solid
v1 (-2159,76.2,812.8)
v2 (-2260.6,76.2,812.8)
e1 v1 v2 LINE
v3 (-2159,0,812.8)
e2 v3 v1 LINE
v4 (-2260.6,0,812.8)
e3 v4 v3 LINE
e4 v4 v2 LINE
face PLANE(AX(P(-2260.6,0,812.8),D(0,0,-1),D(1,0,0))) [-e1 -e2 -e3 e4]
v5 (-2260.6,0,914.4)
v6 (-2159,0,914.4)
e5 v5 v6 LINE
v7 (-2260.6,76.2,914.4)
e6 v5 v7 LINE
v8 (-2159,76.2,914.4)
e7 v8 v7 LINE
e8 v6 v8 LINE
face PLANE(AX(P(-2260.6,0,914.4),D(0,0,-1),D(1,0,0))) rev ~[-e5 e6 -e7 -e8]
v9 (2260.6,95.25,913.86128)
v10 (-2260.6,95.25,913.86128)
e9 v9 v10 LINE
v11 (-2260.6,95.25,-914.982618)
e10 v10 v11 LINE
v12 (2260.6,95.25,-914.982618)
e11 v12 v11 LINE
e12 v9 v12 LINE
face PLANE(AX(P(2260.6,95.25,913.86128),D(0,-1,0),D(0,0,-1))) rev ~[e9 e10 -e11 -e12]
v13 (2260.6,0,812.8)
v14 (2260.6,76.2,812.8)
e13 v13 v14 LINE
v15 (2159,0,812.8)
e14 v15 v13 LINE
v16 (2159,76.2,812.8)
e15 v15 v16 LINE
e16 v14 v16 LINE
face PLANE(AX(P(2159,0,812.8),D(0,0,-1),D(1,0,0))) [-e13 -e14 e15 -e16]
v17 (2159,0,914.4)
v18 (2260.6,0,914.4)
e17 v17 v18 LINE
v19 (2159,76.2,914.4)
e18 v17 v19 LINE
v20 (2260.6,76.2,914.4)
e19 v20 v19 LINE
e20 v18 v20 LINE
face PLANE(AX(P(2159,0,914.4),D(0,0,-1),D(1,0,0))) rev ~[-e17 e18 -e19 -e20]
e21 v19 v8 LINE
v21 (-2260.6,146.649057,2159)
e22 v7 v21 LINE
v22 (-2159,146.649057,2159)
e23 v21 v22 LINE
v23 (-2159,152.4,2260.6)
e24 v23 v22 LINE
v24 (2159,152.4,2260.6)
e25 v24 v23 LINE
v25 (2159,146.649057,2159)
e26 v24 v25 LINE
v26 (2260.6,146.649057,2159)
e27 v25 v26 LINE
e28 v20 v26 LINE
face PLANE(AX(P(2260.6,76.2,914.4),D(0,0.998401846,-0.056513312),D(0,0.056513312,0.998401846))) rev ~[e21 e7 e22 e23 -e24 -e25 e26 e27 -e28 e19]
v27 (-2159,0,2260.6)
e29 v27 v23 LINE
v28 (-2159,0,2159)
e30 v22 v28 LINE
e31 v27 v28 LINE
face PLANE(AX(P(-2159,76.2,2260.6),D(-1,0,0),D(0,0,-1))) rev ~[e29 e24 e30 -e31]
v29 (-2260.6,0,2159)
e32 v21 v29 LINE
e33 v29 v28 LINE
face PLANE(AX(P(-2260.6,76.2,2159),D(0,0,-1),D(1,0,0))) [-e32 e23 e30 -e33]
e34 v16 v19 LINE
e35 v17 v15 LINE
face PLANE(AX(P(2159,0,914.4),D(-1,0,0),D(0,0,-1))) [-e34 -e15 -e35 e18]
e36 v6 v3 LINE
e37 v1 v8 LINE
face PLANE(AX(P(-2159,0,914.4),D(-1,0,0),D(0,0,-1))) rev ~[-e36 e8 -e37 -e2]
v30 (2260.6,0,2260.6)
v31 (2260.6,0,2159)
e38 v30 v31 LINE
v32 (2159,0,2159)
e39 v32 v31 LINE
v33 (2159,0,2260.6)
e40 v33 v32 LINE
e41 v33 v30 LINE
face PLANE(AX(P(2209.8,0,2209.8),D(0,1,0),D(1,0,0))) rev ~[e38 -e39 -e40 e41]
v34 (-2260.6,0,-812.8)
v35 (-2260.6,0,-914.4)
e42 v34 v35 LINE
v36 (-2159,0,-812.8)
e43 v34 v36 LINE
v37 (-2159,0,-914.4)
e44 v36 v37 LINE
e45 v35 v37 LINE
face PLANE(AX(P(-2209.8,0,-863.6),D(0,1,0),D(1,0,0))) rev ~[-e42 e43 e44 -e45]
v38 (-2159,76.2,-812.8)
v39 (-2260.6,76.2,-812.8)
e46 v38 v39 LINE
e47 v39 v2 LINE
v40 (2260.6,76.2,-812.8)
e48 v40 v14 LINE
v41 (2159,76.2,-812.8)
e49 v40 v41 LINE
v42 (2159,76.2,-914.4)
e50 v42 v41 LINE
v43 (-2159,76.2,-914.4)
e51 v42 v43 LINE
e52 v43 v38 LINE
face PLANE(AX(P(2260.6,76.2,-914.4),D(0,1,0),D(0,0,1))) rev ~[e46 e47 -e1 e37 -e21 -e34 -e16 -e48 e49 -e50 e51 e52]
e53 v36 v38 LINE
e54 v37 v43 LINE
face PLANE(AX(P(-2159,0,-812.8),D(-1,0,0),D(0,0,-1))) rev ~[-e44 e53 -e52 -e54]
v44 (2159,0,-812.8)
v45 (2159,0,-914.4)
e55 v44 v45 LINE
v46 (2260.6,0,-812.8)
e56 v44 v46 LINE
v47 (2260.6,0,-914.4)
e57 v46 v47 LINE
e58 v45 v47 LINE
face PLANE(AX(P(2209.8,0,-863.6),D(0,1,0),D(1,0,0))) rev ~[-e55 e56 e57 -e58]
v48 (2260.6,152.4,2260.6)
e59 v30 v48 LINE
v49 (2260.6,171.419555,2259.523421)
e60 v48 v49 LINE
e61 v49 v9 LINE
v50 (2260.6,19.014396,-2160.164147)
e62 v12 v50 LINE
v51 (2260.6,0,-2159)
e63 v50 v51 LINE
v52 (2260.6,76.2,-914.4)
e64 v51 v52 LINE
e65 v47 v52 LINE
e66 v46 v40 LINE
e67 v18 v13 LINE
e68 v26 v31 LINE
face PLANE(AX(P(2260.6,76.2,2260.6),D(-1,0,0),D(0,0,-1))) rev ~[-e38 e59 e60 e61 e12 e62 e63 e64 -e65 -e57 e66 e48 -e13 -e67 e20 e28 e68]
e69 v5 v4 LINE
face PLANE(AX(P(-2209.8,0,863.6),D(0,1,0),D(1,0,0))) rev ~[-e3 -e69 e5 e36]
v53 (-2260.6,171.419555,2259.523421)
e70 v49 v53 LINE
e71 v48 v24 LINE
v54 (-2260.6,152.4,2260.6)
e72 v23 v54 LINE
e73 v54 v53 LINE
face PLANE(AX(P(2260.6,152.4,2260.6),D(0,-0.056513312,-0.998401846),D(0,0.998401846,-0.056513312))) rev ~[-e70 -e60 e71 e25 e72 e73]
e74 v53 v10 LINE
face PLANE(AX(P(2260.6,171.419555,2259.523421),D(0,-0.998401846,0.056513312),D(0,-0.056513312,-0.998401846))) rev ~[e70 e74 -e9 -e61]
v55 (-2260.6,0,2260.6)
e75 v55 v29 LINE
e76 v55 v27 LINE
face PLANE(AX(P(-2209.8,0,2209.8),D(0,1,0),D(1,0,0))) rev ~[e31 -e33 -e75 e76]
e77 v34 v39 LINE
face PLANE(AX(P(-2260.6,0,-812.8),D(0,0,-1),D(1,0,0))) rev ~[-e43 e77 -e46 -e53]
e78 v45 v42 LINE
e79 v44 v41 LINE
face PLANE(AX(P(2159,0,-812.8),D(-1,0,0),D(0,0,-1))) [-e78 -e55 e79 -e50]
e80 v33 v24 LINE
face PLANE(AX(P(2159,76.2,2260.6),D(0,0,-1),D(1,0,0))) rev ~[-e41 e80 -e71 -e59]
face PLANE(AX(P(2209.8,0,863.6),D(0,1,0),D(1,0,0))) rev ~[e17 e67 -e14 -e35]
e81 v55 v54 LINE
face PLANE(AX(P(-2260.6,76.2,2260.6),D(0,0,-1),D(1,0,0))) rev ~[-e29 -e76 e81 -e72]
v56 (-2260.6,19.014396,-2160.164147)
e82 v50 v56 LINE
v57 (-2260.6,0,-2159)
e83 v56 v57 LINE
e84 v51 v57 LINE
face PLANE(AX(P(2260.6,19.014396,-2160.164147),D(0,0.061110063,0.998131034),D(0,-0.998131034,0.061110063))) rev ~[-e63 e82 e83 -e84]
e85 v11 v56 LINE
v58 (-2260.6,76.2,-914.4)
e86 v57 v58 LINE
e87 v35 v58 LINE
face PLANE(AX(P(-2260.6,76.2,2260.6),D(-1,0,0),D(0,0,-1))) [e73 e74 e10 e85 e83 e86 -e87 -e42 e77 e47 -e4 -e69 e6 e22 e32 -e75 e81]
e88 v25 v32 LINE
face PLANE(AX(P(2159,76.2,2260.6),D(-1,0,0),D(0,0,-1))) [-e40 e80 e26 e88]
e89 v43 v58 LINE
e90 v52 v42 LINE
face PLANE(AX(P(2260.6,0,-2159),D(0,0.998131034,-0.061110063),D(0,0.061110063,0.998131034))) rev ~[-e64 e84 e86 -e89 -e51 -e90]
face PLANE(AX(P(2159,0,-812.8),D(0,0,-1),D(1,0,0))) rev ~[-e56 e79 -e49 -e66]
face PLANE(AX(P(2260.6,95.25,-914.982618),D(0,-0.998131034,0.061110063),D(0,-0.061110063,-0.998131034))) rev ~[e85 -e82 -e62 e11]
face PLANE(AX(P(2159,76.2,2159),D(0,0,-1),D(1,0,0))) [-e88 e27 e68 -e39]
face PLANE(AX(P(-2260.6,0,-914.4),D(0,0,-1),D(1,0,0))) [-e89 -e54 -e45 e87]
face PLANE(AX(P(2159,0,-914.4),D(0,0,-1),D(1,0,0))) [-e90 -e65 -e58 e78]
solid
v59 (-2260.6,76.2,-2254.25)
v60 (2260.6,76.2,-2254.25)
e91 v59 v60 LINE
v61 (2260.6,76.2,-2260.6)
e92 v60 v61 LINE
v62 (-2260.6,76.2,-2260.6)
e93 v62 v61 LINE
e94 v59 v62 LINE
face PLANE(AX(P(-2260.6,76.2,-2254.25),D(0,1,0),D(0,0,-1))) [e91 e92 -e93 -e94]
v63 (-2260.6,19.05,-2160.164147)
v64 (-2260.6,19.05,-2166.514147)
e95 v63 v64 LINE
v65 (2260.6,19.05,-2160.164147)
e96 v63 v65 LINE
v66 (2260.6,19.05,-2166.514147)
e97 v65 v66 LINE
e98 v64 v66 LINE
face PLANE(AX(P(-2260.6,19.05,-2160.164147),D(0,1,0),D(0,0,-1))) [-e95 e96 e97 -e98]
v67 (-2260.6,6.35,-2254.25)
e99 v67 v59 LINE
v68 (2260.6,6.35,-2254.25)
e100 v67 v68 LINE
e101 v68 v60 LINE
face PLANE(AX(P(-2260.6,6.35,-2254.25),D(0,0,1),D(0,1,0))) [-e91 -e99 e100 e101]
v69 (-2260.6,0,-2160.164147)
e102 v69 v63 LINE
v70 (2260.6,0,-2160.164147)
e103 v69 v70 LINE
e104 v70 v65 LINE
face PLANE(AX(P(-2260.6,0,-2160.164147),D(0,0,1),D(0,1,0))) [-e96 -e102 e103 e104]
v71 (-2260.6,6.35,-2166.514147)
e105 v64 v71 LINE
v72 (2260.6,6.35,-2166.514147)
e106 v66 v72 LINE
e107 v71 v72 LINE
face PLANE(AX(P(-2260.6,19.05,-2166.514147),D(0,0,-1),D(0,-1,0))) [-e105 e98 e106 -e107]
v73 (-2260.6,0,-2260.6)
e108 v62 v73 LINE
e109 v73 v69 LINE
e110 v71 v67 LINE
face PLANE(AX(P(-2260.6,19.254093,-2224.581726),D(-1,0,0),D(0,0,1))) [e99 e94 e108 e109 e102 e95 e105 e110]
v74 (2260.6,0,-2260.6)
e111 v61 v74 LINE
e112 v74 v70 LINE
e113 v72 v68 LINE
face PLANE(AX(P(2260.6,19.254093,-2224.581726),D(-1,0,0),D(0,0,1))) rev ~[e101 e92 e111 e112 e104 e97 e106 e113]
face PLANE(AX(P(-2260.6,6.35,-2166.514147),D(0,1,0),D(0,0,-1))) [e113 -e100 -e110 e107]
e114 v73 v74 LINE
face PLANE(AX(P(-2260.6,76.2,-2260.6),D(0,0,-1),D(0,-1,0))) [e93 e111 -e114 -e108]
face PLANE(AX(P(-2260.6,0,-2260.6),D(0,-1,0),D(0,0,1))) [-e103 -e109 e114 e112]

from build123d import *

# Parameters (mm, degrees)
EXTRUDE_THIN1_DEPTH = 4521.2
BOSS_EXTRUDE1_REACH = 3203.564
SKETCH3_W           = 101.6
SKETCH3_H           = 101.6
BOSS_EXTRUDE2_REACH = 3200.389
SKETCH4_W           = 101.6
SKETCH4_H           = 101.6
BOSS_EXTRUDE3_DEPTH = 4521.2


with BuildPart() as part:
    # Sketch2 → Extrude-Thin1 (new body)
    with BuildSketch(Plane.ZY.offset(-2260.6)):
        Polygon((-2159, 0), (-914.4, 76.2), (914.4, 76.2), (2260.6, 152.4), (2259.523421406, 171.419555161), (913.861280224, 95.25), (-914.982617799, 95.25), (-2160.164146705, 19.014396189), align=None)
    extrude(amount=EXTRUDE_THIN1_DEPTH)

    # Boss-Extrude1: up to this face of the body (flat: up to its plane)
    boss_extrude1_end = Plane(part.part.faces().sort_by_distance((0, 76.2, 0))[0])
    # Sketch3 → Boss-Extrude1 (add, up to the picked face)
    with BuildSketch(Plane(origin=(0, 0, 0), x_dir=(1, 0, 0), z_dir=(0, 1, 0)), mode=Mode.PRIVATE) as boss_extrude1_sk1:
        with Locations((2209.8, -2209.8)):
            Rectangle(SKETCH3_W, SKETCH3_H)
    boss_extrude1_tool1 = split(extrude(boss_extrude1_sk1.sketch, amount=BOSS_EXTRUDE1_REACH, mode=Mode.PRIVATE), bisect_by=boss_extrude1_end, keep=Keep.BOTH, mode=Mode.PRIVATE)
    # Sketch3 → Boss-Extrude1 (add, up to the picked face)
    with BuildSketch(Plane(origin=(0, 0, 0), x_dir=(1, 0, 0), z_dir=(0, 1, 0)), mode=Mode.PRIVATE) as boss_extrude1_sk2:
        with Locations((-2209.8, -2209.8)):
            Rectangle(SKETCH3_W, SKETCH3_H)
    boss_extrude1_tool2 = split(extrude(boss_extrude1_sk2.sketch, amount=BOSS_EXTRUDE1_REACH, mode=Mode.PRIVATE), bisect_by=boss_extrude1_end, keep=Keep.BOTH, mode=Mode.PRIVATE)
    # Sketch3 → Boss-Extrude1 (add, up to the picked face)
    with BuildSketch(Plane(origin=(0, 0, 0), x_dir=(1, 0, 0), z_dir=(0, 1, 0)), mode=Mode.PRIVATE) as boss_extrude1_sk3:
        with Locations((-2209.8, -863.6)):
            Rectangle(SKETCH3_W, SKETCH3_H)
    boss_extrude1_tool3 = split(extrude(boss_extrude1_sk3.sketch, amount=BOSS_EXTRUDE1_REACH, mode=Mode.PRIVATE), bisect_by=boss_extrude1_end, keep=Keep.BOTH, mode=Mode.PRIVATE)
    # Sketch3 → Boss-Extrude1 (add, up to the picked face)
    with BuildSketch(Plane(origin=(0, 0, 0), x_dir=(1, 0, 0), z_dir=(0, 1, 0)), mode=Mode.PRIVATE) as boss_extrude1_sk4:
        with Locations((-2209.8, 863.6)):
            Rectangle(SKETCH3_W, SKETCH3_H)
    boss_extrude1_tool4 = split(extrude(boss_extrude1_sk4.sketch, amount=BOSS_EXTRUDE1_REACH, mode=Mode.PRIVATE), bisect_by=boss_extrude1_end, keep=Keep.BOTH, mode=Mode.PRIVATE)
    # Sketch3 → Boss-Extrude1 (add, up to the picked face)
    with BuildSketch(Plane(origin=(0, 0, 0), x_dir=(1, 0, 0), z_dir=(0, 1, 0)), mode=Mode.PRIVATE) as boss_extrude1_sk5:
        with Locations((2209.8, 863.6)):
            Rectangle(SKETCH3_W, SKETCH3_H)
    boss_extrude1_tool5 = split(extrude(boss_extrude1_sk5.sketch, amount=BOSS_EXTRUDE1_REACH, mode=Mode.PRIVATE), bisect_by=boss_extrude1_end, keep=Keep.BOTH, mode=Mode.PRIVATE)
    # Sketch3 → Boss-Extrude1 (add, up to the picked face)
    with BuildSketch(Plane(origin=(0, 0, 0), x_dir=(1, 0, 0), z_dir=(0, 1, 0)), mode=Mode.PRIVATE) as boss_extrude1_sk6:
        with Locations((2209.8, -863.6)):
            Rectangle(SKETCH3_W, SKETCH3_H)
    boss_extrude1_tool6 = split(extrude(boss_extrude1_sk6.sketch, amount=BOSS_EXTRUDE1_REACH, mode=Mode.PRIVATE), bisect_by=boss_extrude1_end, keep=Keep.BOTH, mode=Mode.PRIVATE)
    add(boss_extrude1_tool1.solids().sort_by(Axis((2209.8, 0, 2209.8), (0, 1, 0)))[0])
    add(boss_extrude1_tool2.solids().sort_by(Axis((-2209.8, 0, 2209.8), (0, 1, 0)))[0])
    add(boss_extrude1_tool3.solids().sort_by(Axis((-2209.8, 0, 863.6), (0, 1, 0)))[0])
    add(boss_extrude1_tool4.solids().sort_by(Axis((-2209.8, 0, -863.6), (0, 1, 0)))[0])
    add(boss_extrude1_tool5.solids().sort_by(Axis((2209.8, 0, -863.6), (0, 1, 0)))[0])
    add(boss_extrude1_tool6.solids().sort_by(Axis((2209.8, 0, 863.6), (0, 1, 0)))[0])


with BuildPart() as boss_extrude1_piece_1:
    # of the separate pieces the step leaves, piece 1, a body of its own (boss_extrude1_pieces)
    add(part.part.solids().sort_by_distance((2260.6, 0, -2159))[0])



with BuildPart() as boss_extrude1_piece_2:
    # of the separate pieces the step leaves, piece 2, a body of its own (boss_extrude1_pieces)
    add(part.part.solids().sort_by_distance((-2260.6, 0, 2260.6))[0])


with BuildPart() as boss_extrude1_piece_3:
    # of the separate pieces the step leaves, piece 3, a body of its own (boss_extrude1_pieces)
    add(part.part.solids().sort_by_distance((2260.6, 0, 2260.6))[0])


with BuildPart() as boss_extrude1_piece_1_1:
    add(boss_extrude1_piece_1.part)

    add(boss_extrude1_piece_2.part)  # Boss-Extrude2 merges Boss-Extrude1 piece 2

    add(boss_extrude1_piece_3.part)  # Boss-Extrude2 merges Boss-Extrude1 piece 3
    # Boss-Extrude2: up to this plane
    boss_extrude2_end = Plane(origin=(-2260.6, 76.2, 914.4), z_dir=(0, 0.9984018457335854, -0.05651331202265579))
    # Sketch4 → Boss-Extrude2 (add, up to the surface)
    with BuildSketch(Plane(origin=(0, 76.2, 0), x_dir=(1, 0, 0), z_dir=(0, 1, 0)), mode=Mode.PRIVATE) as boss_extrude2_sk1:
        with Locations((2209.8, -2209.8)):
            Rectangle(SKETCH4_W, SKETCH4_H)
    boss_extrude2_tool1 = split(extrude(boss_extrude2_sk1.sketch, amount=BOSS_EXTRUDE2_REACH, mode=Mode.PRIVATE), bisect_by=boss_extrude2_end, keep=Keep.BOTH, mode=Mode.PRIVATE)
    add(boss_extrude2_tool1.solids().sort_by_distance((2209.8, 76.2, 2209.8))[0])
    # Sketch4 → Boss-Extrude2 (add, up to the surface)
    with BuildSketch(Plane(origin=(0, 76.2, 0), x_dir=(1, 0, 0), z_dir=(0, 1, 0)), mode=Mode.PRIVATE) as boss_extrude2_sk2:
        with Locations((-2209.8, -2209.8)):
            Rectangle(SKETCH4_W, SKETCH4_H)
    boss_extrude2_tool2 = split(extrude(boss_extrude2_sk2.sketch, amount=BOSS_EXTRUDE2_REACH, mode=Mode.PRIVATE), bisect_by=boss_extrude2_end, keep=Keep.BOTH, mode=Mode.PRIVATE)
    add(boss_extrude2_tool2.solids().sort_by_distance((-2209.8, 76.2, 2209.8))[0])


with BuildPart() as body_2:
    # Sketch5 → Boss-Extrude3 (new body)
    with BuildSketch(Plane.ZY.offset(2260.6)):
        Polygon((-2260.6, 76.2), (-2260.6, 0), (-2160.164146705, 0), (-2160.164146705, 19.05), (-2166.514146705, 19.05), (-2166.514146705, 6.35), (-2254.25, 6.35), (-2254.25, 76.2), align=None)
    extrude(amount=-BOSS_EXTRUDE3_DEPTH)


solid = Compound([boss_extrude1_piece_1_1.part, body_2.part])
